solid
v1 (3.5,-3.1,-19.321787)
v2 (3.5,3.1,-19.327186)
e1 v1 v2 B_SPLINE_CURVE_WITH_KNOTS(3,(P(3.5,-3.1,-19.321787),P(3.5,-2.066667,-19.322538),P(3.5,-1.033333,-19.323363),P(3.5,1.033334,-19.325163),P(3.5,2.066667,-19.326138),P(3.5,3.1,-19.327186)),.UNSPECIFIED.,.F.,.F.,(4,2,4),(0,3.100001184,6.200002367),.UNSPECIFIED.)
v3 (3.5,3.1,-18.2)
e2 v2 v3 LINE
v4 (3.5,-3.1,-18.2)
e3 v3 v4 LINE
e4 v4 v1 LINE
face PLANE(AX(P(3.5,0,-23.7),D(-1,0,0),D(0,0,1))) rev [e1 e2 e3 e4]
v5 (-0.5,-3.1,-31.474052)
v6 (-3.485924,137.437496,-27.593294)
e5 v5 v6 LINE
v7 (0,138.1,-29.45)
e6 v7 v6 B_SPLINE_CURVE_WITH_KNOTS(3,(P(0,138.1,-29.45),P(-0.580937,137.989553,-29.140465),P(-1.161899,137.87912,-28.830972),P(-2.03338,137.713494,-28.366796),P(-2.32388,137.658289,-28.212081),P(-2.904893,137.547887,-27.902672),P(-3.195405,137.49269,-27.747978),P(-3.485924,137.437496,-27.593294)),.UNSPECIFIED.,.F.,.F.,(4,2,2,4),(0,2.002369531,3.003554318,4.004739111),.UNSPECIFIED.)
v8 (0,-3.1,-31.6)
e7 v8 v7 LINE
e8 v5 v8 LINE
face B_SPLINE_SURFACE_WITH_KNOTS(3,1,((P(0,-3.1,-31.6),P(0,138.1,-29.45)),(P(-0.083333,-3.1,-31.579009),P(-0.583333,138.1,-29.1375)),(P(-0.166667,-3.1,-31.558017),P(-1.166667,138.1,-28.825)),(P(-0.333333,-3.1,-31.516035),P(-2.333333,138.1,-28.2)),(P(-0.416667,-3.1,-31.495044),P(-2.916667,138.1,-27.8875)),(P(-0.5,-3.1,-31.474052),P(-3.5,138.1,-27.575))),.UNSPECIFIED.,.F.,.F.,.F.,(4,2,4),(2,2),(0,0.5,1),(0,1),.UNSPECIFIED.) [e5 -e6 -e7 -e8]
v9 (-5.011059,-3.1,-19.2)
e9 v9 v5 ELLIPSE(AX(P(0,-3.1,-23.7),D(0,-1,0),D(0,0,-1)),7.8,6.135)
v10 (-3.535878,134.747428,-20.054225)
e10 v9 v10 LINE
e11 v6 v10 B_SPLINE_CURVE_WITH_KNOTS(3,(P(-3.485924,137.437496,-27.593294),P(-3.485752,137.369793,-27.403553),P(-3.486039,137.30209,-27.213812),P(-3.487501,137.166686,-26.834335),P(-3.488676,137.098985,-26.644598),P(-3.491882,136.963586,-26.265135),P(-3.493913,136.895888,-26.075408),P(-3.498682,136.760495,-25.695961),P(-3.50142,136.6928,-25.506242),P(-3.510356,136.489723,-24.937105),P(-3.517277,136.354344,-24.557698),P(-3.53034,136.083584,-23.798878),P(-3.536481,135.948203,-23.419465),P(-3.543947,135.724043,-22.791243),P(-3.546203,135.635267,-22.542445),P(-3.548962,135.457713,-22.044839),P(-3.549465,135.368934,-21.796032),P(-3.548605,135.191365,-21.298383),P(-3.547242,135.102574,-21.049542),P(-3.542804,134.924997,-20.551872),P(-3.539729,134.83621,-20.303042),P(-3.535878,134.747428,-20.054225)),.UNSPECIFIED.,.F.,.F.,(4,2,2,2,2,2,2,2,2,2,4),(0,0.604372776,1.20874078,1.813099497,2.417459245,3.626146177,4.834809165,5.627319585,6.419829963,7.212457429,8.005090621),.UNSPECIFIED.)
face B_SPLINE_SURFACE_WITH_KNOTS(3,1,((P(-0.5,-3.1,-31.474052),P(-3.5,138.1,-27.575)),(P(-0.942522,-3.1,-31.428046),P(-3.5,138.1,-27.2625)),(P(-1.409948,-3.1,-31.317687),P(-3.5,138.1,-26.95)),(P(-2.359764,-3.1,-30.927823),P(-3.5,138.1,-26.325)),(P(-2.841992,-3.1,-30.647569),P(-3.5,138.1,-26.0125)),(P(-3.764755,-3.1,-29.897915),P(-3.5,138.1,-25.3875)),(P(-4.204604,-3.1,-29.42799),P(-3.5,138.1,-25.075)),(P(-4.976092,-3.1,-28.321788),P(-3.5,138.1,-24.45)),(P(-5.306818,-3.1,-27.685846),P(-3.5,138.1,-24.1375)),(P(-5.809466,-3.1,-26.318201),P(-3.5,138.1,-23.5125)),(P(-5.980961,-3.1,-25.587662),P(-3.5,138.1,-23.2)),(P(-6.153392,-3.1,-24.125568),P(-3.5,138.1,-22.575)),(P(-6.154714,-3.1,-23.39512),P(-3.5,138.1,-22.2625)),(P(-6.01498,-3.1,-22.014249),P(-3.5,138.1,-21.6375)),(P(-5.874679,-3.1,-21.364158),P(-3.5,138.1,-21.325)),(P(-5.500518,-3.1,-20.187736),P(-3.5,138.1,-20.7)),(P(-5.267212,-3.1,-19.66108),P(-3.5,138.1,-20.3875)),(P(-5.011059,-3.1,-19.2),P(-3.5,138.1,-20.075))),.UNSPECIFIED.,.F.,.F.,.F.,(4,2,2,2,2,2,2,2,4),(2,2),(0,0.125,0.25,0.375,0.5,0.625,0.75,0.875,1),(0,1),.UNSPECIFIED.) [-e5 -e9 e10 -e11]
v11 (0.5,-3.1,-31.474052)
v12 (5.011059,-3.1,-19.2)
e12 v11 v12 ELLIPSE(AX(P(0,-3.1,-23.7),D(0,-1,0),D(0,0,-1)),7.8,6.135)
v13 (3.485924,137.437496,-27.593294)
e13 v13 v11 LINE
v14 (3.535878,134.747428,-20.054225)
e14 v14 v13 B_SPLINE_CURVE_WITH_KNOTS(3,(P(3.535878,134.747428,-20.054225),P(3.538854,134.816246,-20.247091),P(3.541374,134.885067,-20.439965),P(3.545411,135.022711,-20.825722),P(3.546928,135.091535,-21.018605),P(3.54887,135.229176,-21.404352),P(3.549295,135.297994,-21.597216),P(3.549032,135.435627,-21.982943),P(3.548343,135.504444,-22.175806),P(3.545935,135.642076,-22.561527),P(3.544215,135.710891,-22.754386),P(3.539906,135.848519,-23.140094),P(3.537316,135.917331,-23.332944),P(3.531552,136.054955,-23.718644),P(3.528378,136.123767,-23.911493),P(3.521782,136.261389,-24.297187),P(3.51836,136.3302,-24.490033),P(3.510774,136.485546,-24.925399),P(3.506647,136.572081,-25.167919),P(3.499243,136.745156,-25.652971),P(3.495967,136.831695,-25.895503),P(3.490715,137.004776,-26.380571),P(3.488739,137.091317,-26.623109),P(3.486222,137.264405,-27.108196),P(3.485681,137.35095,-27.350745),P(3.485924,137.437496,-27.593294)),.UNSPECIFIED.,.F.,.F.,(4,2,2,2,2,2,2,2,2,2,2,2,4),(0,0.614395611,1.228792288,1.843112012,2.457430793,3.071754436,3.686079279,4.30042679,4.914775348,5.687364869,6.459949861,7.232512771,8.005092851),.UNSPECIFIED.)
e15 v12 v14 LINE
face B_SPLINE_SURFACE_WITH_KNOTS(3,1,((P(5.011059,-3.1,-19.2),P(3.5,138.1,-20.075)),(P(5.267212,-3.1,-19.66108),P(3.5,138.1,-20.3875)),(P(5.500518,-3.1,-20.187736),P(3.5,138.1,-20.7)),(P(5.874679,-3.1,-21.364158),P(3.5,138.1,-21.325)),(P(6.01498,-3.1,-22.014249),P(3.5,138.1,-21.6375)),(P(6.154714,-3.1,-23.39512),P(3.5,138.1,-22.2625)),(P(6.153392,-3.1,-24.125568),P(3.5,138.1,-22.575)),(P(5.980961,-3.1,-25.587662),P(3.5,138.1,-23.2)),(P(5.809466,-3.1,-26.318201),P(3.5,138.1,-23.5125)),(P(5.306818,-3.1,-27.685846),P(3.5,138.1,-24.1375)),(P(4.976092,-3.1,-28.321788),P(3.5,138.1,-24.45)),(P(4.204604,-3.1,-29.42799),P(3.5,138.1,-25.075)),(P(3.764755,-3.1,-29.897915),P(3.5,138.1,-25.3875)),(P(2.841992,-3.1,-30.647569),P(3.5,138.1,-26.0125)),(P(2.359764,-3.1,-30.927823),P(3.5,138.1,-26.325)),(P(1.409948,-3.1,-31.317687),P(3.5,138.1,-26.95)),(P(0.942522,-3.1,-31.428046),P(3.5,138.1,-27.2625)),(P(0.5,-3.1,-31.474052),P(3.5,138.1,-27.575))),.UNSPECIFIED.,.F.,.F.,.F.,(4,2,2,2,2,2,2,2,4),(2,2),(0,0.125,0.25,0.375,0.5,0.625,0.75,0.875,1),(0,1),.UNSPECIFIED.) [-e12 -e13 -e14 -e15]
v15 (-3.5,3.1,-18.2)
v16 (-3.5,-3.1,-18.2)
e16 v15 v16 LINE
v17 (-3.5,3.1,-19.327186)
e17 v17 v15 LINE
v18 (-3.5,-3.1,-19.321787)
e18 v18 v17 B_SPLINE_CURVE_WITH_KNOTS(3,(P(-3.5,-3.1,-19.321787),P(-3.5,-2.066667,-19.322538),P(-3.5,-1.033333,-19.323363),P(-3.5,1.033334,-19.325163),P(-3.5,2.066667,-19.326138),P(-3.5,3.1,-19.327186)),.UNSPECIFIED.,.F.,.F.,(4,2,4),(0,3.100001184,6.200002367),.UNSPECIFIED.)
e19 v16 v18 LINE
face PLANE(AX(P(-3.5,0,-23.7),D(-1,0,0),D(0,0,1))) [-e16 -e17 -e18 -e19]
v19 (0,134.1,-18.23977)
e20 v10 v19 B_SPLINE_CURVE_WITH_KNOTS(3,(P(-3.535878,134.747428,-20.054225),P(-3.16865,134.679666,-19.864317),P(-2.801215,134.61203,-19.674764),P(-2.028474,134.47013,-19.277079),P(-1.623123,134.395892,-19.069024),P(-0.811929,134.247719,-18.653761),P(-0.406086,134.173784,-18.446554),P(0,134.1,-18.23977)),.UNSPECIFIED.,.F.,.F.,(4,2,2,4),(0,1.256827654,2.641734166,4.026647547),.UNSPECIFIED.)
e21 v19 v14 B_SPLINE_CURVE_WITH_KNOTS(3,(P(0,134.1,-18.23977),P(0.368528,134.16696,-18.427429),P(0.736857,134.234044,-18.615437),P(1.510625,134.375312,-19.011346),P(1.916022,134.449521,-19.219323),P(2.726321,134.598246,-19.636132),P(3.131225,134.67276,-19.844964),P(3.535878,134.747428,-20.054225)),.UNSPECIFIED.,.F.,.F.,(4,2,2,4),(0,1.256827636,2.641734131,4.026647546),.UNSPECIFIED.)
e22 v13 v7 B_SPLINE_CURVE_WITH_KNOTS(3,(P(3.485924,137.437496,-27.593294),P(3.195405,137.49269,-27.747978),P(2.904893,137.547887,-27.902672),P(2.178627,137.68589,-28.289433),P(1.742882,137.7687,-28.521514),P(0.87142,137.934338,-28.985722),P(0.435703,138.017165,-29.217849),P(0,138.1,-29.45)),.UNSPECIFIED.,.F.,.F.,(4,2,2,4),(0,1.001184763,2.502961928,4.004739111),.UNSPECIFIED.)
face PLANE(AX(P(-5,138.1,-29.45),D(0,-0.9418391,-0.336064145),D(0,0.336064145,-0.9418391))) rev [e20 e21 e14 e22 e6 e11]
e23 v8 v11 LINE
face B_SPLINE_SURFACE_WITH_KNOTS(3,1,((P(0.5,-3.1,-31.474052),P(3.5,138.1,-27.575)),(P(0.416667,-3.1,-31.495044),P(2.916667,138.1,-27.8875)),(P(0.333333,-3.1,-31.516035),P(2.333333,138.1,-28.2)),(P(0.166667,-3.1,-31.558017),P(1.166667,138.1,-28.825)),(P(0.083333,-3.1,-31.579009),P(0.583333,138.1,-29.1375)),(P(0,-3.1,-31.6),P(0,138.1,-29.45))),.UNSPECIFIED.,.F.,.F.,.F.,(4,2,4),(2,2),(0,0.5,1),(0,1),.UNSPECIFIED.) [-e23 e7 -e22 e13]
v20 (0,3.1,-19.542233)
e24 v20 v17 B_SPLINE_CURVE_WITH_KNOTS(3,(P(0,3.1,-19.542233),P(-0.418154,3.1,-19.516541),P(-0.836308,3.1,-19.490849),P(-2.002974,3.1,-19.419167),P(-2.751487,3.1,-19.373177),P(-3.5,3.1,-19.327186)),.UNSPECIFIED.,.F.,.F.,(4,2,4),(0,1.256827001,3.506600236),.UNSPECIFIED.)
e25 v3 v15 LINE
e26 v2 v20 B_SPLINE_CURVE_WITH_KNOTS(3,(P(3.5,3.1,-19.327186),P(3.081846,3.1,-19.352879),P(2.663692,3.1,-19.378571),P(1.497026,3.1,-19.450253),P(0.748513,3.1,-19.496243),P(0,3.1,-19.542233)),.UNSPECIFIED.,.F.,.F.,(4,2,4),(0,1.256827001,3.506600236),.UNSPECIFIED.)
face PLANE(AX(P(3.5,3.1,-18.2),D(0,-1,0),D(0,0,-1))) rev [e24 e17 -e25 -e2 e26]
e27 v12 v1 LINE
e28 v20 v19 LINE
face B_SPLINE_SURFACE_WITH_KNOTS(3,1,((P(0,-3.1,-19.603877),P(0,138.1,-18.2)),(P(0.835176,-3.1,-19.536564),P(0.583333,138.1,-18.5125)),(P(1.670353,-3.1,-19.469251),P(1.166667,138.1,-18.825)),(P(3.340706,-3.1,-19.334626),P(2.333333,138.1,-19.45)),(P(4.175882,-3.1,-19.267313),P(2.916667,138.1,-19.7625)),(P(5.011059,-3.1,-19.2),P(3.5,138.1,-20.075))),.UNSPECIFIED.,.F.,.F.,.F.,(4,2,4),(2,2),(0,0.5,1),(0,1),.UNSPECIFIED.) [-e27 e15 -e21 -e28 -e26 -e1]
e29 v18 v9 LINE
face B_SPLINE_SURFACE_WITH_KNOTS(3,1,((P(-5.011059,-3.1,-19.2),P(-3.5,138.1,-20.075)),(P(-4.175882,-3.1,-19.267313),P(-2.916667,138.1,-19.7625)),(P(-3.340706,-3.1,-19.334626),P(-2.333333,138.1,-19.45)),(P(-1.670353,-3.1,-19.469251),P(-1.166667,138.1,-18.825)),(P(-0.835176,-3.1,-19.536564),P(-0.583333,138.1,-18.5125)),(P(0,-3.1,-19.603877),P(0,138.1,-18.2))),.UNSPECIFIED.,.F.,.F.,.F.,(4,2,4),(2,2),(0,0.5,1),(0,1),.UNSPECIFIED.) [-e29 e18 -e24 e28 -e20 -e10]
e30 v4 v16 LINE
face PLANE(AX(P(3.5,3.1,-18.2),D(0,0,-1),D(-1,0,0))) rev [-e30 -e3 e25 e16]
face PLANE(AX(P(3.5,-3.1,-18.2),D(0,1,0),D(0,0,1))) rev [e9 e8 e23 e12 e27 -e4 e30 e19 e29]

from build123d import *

# Parameters (mm, degrees)
BOSS_EXTRUDE3_DEPTH = 3.5
CUT_EXTRUDE1_DEPTH  = 5


with BuildPart() as part:
    # Sketch3 → Boss-Extrude3 (new, symmetric)
    with BuildSketch(Plane(origin=(0, 0, 0), x_dir=(0, 0, -1), z_dir=(1, 0, 0))):
        with BuildLine():
            Line((18.2, 3.1), (23.7, 3.1))
            ThreePointArc((23.7, 3.1), (26.8, 0), (23.7, -3.1))
            Line((23.7, -3.1), (18.2, -3.1))
            Line((18.2, -3.1), (18.2, 3.1))
        make_face()
    extrude(amount=BOSS_EXTRUDE3_DEPTH, both=True)

    # Sketch5 → Loft4 section 0
    with BuildSketch(Plane.XZ.offset(3.1)):
        with BuildLine():
            Line((5.011058699, -19.2), (0, -19.603876814))
            Line((0, -19.603876814), (-5.011058699, -19.2))
            add(Edge.make_bspline(
                [(-5.011058699, -19.2), (-11.211254093, -30.360468439), (-0.5, -31.474052325)],
                knots=[4.097432377, 4.097432377, 4.097432377, 6.201595221, 6.201595221, 6.201595221], degree=2, weights=[1, 0.495764497, 1]))
            Line((-0.5, -31.474052325), (0, -31.6))
            Line((0, -31.6), (0.5, -31.474052325))
            add(Edge.make_bspline(
                [(0.5, -31.474052325), (11.211254093, -30.360468439), (5.011058699, -19.2)],
                knots=[0.081590086, 0.081590086, 0.081590086, 2.185752931, 2.185752931, 2.185752931], degree=2, weights=[1, 0.495764497, 1]))
        make_face()
    # Sketch4 → Loft4 section 1
    with BuildSketch(Plane(origin=(0, 138.1, 0), x_dir=(1, 0, 0), z_dir=(0, 1, 0))):
        with BuildLine():
            Line((-3.5, 27.575), (-3.5, 20.075))
            Line((-3.5, 20.075), (0, 18.2))
            Line((0, 18.2), (3.5, 20.075))
            Line((3.5, 20.075), (3.5, 27.575))
            Line((3.5, 27.575), (0, 29.45))
            Line((0, 29.45), (-3.5, 27.575))
        make_face()
    loft()

    # Sketch6 → Cut-Extrude1 (cut, symmetric)
    with BuildSketch(Plane(origin=(0, 0, 0), x_dir=(0, 0, -1), z_dir=(1, 0, 0))):
        Polygon((29.45, 138.1), (18.239769881, 134.1), (18.2, 138.1), align=None)
    extrude(amount=CUT_EXTRUDE1_DEPTH, both=True, mode=Mode.SUBTRACT)


solid = part.part
